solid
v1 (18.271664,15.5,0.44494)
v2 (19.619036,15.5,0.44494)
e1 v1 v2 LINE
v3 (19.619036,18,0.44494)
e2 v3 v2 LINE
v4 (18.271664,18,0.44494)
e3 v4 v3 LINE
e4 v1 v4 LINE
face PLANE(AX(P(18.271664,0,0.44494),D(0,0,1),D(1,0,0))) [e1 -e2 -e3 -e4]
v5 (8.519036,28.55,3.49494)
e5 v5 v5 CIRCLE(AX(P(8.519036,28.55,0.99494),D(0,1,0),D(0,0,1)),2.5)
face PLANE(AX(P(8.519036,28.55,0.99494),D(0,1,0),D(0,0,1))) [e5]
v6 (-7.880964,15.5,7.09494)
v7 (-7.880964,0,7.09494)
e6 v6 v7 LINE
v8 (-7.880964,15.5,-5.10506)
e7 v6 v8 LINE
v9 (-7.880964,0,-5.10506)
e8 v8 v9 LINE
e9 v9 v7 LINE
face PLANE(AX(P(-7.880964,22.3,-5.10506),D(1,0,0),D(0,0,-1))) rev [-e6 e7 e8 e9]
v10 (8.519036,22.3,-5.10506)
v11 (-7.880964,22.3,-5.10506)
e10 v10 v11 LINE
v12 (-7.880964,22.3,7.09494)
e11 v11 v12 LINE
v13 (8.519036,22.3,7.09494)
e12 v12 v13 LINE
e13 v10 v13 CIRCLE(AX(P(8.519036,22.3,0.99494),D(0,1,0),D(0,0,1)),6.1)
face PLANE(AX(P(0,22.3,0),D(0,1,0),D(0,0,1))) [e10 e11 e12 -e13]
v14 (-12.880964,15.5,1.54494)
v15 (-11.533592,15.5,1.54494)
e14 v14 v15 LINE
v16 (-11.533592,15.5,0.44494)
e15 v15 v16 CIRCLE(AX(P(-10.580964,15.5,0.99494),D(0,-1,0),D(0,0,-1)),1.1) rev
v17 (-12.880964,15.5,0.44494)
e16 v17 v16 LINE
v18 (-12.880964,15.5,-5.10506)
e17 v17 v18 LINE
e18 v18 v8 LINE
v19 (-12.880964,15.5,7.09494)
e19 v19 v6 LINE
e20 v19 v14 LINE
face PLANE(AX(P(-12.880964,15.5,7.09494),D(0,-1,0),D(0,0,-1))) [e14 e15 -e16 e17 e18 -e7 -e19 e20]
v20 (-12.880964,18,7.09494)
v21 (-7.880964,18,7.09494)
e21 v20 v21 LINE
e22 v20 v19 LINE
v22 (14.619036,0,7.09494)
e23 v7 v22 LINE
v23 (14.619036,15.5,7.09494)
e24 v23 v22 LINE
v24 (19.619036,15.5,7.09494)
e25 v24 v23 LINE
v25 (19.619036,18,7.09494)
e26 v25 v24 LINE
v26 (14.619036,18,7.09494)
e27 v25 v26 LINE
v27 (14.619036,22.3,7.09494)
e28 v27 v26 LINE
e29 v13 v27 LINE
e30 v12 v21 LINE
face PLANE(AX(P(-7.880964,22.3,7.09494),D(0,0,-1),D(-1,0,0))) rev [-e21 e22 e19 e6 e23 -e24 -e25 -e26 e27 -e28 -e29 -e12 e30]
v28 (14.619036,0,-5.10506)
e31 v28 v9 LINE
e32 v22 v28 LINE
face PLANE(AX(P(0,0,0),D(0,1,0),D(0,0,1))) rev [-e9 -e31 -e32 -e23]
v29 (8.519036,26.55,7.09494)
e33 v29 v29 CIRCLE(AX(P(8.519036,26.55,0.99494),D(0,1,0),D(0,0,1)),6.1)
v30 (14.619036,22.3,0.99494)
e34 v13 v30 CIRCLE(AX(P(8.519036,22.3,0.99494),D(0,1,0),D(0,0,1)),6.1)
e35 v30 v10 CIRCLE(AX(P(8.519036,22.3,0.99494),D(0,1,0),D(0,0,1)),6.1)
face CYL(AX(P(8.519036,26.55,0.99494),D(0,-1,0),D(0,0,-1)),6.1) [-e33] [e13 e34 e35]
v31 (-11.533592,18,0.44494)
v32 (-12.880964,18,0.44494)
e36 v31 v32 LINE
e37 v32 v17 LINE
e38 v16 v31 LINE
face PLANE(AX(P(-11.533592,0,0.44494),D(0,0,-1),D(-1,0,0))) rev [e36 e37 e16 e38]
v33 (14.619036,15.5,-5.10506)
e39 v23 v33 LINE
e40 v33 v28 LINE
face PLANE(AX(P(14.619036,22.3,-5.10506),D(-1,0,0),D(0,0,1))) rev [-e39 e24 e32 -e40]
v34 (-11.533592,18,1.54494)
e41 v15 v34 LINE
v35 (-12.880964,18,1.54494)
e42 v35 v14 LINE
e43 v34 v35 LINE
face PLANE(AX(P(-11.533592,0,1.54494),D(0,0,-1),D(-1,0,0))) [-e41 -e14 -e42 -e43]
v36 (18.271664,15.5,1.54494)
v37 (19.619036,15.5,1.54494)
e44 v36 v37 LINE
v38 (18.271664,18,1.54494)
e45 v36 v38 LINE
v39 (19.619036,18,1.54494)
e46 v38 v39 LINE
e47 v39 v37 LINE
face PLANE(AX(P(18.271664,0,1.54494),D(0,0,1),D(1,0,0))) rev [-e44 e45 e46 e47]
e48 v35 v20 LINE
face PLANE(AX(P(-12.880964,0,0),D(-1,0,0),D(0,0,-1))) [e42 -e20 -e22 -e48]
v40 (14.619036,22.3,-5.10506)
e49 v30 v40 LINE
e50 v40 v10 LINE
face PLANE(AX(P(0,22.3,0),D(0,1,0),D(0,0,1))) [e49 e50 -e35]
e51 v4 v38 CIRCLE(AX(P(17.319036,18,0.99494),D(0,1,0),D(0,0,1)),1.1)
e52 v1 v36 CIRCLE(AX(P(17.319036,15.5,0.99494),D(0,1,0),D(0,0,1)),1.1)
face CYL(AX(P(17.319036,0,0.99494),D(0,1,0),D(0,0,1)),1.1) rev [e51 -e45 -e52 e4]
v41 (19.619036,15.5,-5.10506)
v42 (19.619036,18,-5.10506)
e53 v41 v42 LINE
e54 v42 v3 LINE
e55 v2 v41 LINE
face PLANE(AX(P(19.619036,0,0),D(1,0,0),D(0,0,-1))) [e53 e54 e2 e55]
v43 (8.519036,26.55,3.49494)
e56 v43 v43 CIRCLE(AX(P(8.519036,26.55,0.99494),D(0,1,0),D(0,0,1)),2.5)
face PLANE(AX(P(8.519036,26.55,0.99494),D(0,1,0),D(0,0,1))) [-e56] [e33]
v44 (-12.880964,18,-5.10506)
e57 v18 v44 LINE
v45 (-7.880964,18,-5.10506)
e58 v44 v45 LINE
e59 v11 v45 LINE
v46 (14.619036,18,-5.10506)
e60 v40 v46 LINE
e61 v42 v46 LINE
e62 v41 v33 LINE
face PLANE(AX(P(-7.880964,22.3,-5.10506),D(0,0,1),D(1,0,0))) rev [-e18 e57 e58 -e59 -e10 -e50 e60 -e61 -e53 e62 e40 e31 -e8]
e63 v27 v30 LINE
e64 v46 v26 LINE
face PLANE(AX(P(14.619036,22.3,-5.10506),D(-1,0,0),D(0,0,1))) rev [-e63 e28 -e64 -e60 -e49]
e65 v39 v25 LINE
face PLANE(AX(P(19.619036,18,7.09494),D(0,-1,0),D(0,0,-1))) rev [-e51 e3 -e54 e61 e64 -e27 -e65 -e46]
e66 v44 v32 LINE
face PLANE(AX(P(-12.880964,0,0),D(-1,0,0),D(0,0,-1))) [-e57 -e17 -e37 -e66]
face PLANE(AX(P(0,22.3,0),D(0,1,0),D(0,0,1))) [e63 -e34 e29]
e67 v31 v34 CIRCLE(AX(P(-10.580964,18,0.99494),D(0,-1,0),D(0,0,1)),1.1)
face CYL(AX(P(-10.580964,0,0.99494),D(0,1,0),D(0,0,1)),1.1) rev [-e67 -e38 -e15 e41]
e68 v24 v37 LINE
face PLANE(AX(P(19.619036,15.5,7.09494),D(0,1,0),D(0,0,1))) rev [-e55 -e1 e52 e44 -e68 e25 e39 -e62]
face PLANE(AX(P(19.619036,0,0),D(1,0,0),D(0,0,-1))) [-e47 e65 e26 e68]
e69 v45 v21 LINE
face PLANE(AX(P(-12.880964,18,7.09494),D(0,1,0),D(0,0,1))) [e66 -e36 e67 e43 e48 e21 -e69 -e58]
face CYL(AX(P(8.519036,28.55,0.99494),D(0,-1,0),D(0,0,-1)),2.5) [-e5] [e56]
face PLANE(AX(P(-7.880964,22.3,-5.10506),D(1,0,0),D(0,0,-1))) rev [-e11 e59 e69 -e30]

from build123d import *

# Parameters (mm, degrees)
SKETCH1_W           = 22.5
SKETCH1_H           = 12.2
BOSS_EXTRUDE1_DEPTH = 22.3
SKETCH2_W           = 12.2
SKETCH2_H           = 2.5
BOSS_EXTRUDE2_DEPTH = 5
CUT_EXTRUDE1_DEPTH  = 28.554396191
SKETCH5_R           = 6.1
BOSS_EXTRUDE3_DEPTH = 4.25
SKETCH6_R           = 2.5
BOSS_EXTRUDE4_DEPTH = 2


with BuildPart() as part:
    # Sketch1 → Boss-Extrude1 (new body)
    with BuildSketch(Plane(origin=(0, 0, 0), x_dir=(1, 0, 0), z_dir=(0, 1, 0))):
        with Locations((3.369036145, -0.994939759)):
            Rectangle(SKETCH1_W, SKETCH1_H)
    extrude(amount=BOSS_EXTRUDE1_DEPTH)

    # Sketch2 → Boss-Extrude2 (add)
    with BuildSketch(Plane(origin=(14.619036145, 0, 0), x_dir=(0, 0, -1), z_dir=(1, 0, 0))):
        with Locations((-0.994939759, 16.75)):
            Rectangle(SKETCH2_W, SKETCH2_H)
    boss_extrude2 = extrude(amount=BOSS_EXTRUDE2_DEPTH)

    # Sketch3 → Cut-Extrude1 (cut, through all)
    with BuildSketch(Plane(origin=(0, 18, 0), x_dir=(1, 0, 0), z_dir=(0, 1, 0))):
        with BuildLine():
            Line((18.271664089, -0.444939759), (19.619036145, -0.444939759))
            Line((19.619036145, -0.444939759), (19.619036145, -1.544939759))
            Line((19.619036145, -1.544939759), (18.271664089, -1.544939759))
            ThreePointArc((18.271664089, -1.544939759), (16.219036145, -0.994939759), (18.271664089, -0.444939759))
        make_face()
    cut_extrude1 = extrude(amount=-CUT_EXTRUDE1_DEPTH, mode=Mode.SUBTRACT)

    # Mirror1: Boss-Extrude2, Cut-Extrude1 across plane
    add(boss_extrude2.mirror(Plane(origin=(3.369036145, 0, 0), x_dir=(0, 0, 1), z_dir=(1, 0, 0))))
    add(cut_extrude1.mirror(Plane(origin=(3.369036145, 0, 0), x_dir=(0, 0, 1), z_dir=(1, 0, 0))), mode=Mode.SUBTRACT)

    # Sketch5 → Boss-Extrude3 (add)
    with BuildSketch(Plane(origin=(0, 22.3, 0), x_dir=(1, 0, 0), z_dir=(0, 1, 0))):
        with Locations(Location((8.519036145, -0.994939759, 0), (0, 0, 270))):
            Circle(SKETCH5_R)
    extrude(amount=BOSS_EXTRUDE3_DEPTH)

    # Sketch6 → Boss-Extrude4 (add)
    with BuildSketch(Plane(origin=(0, 26.55, 0), x_dir=(1, 0, 0), z_dir=(0, 1, 0))):
        with Locations(Location((8.519036145, -0.994939759, 0), (0, 0, 270))):
            Circle(SKETCH6_R)
    extrude(amount=BOSS_EXTRUDE4_DEPTH)


solid = part.part
